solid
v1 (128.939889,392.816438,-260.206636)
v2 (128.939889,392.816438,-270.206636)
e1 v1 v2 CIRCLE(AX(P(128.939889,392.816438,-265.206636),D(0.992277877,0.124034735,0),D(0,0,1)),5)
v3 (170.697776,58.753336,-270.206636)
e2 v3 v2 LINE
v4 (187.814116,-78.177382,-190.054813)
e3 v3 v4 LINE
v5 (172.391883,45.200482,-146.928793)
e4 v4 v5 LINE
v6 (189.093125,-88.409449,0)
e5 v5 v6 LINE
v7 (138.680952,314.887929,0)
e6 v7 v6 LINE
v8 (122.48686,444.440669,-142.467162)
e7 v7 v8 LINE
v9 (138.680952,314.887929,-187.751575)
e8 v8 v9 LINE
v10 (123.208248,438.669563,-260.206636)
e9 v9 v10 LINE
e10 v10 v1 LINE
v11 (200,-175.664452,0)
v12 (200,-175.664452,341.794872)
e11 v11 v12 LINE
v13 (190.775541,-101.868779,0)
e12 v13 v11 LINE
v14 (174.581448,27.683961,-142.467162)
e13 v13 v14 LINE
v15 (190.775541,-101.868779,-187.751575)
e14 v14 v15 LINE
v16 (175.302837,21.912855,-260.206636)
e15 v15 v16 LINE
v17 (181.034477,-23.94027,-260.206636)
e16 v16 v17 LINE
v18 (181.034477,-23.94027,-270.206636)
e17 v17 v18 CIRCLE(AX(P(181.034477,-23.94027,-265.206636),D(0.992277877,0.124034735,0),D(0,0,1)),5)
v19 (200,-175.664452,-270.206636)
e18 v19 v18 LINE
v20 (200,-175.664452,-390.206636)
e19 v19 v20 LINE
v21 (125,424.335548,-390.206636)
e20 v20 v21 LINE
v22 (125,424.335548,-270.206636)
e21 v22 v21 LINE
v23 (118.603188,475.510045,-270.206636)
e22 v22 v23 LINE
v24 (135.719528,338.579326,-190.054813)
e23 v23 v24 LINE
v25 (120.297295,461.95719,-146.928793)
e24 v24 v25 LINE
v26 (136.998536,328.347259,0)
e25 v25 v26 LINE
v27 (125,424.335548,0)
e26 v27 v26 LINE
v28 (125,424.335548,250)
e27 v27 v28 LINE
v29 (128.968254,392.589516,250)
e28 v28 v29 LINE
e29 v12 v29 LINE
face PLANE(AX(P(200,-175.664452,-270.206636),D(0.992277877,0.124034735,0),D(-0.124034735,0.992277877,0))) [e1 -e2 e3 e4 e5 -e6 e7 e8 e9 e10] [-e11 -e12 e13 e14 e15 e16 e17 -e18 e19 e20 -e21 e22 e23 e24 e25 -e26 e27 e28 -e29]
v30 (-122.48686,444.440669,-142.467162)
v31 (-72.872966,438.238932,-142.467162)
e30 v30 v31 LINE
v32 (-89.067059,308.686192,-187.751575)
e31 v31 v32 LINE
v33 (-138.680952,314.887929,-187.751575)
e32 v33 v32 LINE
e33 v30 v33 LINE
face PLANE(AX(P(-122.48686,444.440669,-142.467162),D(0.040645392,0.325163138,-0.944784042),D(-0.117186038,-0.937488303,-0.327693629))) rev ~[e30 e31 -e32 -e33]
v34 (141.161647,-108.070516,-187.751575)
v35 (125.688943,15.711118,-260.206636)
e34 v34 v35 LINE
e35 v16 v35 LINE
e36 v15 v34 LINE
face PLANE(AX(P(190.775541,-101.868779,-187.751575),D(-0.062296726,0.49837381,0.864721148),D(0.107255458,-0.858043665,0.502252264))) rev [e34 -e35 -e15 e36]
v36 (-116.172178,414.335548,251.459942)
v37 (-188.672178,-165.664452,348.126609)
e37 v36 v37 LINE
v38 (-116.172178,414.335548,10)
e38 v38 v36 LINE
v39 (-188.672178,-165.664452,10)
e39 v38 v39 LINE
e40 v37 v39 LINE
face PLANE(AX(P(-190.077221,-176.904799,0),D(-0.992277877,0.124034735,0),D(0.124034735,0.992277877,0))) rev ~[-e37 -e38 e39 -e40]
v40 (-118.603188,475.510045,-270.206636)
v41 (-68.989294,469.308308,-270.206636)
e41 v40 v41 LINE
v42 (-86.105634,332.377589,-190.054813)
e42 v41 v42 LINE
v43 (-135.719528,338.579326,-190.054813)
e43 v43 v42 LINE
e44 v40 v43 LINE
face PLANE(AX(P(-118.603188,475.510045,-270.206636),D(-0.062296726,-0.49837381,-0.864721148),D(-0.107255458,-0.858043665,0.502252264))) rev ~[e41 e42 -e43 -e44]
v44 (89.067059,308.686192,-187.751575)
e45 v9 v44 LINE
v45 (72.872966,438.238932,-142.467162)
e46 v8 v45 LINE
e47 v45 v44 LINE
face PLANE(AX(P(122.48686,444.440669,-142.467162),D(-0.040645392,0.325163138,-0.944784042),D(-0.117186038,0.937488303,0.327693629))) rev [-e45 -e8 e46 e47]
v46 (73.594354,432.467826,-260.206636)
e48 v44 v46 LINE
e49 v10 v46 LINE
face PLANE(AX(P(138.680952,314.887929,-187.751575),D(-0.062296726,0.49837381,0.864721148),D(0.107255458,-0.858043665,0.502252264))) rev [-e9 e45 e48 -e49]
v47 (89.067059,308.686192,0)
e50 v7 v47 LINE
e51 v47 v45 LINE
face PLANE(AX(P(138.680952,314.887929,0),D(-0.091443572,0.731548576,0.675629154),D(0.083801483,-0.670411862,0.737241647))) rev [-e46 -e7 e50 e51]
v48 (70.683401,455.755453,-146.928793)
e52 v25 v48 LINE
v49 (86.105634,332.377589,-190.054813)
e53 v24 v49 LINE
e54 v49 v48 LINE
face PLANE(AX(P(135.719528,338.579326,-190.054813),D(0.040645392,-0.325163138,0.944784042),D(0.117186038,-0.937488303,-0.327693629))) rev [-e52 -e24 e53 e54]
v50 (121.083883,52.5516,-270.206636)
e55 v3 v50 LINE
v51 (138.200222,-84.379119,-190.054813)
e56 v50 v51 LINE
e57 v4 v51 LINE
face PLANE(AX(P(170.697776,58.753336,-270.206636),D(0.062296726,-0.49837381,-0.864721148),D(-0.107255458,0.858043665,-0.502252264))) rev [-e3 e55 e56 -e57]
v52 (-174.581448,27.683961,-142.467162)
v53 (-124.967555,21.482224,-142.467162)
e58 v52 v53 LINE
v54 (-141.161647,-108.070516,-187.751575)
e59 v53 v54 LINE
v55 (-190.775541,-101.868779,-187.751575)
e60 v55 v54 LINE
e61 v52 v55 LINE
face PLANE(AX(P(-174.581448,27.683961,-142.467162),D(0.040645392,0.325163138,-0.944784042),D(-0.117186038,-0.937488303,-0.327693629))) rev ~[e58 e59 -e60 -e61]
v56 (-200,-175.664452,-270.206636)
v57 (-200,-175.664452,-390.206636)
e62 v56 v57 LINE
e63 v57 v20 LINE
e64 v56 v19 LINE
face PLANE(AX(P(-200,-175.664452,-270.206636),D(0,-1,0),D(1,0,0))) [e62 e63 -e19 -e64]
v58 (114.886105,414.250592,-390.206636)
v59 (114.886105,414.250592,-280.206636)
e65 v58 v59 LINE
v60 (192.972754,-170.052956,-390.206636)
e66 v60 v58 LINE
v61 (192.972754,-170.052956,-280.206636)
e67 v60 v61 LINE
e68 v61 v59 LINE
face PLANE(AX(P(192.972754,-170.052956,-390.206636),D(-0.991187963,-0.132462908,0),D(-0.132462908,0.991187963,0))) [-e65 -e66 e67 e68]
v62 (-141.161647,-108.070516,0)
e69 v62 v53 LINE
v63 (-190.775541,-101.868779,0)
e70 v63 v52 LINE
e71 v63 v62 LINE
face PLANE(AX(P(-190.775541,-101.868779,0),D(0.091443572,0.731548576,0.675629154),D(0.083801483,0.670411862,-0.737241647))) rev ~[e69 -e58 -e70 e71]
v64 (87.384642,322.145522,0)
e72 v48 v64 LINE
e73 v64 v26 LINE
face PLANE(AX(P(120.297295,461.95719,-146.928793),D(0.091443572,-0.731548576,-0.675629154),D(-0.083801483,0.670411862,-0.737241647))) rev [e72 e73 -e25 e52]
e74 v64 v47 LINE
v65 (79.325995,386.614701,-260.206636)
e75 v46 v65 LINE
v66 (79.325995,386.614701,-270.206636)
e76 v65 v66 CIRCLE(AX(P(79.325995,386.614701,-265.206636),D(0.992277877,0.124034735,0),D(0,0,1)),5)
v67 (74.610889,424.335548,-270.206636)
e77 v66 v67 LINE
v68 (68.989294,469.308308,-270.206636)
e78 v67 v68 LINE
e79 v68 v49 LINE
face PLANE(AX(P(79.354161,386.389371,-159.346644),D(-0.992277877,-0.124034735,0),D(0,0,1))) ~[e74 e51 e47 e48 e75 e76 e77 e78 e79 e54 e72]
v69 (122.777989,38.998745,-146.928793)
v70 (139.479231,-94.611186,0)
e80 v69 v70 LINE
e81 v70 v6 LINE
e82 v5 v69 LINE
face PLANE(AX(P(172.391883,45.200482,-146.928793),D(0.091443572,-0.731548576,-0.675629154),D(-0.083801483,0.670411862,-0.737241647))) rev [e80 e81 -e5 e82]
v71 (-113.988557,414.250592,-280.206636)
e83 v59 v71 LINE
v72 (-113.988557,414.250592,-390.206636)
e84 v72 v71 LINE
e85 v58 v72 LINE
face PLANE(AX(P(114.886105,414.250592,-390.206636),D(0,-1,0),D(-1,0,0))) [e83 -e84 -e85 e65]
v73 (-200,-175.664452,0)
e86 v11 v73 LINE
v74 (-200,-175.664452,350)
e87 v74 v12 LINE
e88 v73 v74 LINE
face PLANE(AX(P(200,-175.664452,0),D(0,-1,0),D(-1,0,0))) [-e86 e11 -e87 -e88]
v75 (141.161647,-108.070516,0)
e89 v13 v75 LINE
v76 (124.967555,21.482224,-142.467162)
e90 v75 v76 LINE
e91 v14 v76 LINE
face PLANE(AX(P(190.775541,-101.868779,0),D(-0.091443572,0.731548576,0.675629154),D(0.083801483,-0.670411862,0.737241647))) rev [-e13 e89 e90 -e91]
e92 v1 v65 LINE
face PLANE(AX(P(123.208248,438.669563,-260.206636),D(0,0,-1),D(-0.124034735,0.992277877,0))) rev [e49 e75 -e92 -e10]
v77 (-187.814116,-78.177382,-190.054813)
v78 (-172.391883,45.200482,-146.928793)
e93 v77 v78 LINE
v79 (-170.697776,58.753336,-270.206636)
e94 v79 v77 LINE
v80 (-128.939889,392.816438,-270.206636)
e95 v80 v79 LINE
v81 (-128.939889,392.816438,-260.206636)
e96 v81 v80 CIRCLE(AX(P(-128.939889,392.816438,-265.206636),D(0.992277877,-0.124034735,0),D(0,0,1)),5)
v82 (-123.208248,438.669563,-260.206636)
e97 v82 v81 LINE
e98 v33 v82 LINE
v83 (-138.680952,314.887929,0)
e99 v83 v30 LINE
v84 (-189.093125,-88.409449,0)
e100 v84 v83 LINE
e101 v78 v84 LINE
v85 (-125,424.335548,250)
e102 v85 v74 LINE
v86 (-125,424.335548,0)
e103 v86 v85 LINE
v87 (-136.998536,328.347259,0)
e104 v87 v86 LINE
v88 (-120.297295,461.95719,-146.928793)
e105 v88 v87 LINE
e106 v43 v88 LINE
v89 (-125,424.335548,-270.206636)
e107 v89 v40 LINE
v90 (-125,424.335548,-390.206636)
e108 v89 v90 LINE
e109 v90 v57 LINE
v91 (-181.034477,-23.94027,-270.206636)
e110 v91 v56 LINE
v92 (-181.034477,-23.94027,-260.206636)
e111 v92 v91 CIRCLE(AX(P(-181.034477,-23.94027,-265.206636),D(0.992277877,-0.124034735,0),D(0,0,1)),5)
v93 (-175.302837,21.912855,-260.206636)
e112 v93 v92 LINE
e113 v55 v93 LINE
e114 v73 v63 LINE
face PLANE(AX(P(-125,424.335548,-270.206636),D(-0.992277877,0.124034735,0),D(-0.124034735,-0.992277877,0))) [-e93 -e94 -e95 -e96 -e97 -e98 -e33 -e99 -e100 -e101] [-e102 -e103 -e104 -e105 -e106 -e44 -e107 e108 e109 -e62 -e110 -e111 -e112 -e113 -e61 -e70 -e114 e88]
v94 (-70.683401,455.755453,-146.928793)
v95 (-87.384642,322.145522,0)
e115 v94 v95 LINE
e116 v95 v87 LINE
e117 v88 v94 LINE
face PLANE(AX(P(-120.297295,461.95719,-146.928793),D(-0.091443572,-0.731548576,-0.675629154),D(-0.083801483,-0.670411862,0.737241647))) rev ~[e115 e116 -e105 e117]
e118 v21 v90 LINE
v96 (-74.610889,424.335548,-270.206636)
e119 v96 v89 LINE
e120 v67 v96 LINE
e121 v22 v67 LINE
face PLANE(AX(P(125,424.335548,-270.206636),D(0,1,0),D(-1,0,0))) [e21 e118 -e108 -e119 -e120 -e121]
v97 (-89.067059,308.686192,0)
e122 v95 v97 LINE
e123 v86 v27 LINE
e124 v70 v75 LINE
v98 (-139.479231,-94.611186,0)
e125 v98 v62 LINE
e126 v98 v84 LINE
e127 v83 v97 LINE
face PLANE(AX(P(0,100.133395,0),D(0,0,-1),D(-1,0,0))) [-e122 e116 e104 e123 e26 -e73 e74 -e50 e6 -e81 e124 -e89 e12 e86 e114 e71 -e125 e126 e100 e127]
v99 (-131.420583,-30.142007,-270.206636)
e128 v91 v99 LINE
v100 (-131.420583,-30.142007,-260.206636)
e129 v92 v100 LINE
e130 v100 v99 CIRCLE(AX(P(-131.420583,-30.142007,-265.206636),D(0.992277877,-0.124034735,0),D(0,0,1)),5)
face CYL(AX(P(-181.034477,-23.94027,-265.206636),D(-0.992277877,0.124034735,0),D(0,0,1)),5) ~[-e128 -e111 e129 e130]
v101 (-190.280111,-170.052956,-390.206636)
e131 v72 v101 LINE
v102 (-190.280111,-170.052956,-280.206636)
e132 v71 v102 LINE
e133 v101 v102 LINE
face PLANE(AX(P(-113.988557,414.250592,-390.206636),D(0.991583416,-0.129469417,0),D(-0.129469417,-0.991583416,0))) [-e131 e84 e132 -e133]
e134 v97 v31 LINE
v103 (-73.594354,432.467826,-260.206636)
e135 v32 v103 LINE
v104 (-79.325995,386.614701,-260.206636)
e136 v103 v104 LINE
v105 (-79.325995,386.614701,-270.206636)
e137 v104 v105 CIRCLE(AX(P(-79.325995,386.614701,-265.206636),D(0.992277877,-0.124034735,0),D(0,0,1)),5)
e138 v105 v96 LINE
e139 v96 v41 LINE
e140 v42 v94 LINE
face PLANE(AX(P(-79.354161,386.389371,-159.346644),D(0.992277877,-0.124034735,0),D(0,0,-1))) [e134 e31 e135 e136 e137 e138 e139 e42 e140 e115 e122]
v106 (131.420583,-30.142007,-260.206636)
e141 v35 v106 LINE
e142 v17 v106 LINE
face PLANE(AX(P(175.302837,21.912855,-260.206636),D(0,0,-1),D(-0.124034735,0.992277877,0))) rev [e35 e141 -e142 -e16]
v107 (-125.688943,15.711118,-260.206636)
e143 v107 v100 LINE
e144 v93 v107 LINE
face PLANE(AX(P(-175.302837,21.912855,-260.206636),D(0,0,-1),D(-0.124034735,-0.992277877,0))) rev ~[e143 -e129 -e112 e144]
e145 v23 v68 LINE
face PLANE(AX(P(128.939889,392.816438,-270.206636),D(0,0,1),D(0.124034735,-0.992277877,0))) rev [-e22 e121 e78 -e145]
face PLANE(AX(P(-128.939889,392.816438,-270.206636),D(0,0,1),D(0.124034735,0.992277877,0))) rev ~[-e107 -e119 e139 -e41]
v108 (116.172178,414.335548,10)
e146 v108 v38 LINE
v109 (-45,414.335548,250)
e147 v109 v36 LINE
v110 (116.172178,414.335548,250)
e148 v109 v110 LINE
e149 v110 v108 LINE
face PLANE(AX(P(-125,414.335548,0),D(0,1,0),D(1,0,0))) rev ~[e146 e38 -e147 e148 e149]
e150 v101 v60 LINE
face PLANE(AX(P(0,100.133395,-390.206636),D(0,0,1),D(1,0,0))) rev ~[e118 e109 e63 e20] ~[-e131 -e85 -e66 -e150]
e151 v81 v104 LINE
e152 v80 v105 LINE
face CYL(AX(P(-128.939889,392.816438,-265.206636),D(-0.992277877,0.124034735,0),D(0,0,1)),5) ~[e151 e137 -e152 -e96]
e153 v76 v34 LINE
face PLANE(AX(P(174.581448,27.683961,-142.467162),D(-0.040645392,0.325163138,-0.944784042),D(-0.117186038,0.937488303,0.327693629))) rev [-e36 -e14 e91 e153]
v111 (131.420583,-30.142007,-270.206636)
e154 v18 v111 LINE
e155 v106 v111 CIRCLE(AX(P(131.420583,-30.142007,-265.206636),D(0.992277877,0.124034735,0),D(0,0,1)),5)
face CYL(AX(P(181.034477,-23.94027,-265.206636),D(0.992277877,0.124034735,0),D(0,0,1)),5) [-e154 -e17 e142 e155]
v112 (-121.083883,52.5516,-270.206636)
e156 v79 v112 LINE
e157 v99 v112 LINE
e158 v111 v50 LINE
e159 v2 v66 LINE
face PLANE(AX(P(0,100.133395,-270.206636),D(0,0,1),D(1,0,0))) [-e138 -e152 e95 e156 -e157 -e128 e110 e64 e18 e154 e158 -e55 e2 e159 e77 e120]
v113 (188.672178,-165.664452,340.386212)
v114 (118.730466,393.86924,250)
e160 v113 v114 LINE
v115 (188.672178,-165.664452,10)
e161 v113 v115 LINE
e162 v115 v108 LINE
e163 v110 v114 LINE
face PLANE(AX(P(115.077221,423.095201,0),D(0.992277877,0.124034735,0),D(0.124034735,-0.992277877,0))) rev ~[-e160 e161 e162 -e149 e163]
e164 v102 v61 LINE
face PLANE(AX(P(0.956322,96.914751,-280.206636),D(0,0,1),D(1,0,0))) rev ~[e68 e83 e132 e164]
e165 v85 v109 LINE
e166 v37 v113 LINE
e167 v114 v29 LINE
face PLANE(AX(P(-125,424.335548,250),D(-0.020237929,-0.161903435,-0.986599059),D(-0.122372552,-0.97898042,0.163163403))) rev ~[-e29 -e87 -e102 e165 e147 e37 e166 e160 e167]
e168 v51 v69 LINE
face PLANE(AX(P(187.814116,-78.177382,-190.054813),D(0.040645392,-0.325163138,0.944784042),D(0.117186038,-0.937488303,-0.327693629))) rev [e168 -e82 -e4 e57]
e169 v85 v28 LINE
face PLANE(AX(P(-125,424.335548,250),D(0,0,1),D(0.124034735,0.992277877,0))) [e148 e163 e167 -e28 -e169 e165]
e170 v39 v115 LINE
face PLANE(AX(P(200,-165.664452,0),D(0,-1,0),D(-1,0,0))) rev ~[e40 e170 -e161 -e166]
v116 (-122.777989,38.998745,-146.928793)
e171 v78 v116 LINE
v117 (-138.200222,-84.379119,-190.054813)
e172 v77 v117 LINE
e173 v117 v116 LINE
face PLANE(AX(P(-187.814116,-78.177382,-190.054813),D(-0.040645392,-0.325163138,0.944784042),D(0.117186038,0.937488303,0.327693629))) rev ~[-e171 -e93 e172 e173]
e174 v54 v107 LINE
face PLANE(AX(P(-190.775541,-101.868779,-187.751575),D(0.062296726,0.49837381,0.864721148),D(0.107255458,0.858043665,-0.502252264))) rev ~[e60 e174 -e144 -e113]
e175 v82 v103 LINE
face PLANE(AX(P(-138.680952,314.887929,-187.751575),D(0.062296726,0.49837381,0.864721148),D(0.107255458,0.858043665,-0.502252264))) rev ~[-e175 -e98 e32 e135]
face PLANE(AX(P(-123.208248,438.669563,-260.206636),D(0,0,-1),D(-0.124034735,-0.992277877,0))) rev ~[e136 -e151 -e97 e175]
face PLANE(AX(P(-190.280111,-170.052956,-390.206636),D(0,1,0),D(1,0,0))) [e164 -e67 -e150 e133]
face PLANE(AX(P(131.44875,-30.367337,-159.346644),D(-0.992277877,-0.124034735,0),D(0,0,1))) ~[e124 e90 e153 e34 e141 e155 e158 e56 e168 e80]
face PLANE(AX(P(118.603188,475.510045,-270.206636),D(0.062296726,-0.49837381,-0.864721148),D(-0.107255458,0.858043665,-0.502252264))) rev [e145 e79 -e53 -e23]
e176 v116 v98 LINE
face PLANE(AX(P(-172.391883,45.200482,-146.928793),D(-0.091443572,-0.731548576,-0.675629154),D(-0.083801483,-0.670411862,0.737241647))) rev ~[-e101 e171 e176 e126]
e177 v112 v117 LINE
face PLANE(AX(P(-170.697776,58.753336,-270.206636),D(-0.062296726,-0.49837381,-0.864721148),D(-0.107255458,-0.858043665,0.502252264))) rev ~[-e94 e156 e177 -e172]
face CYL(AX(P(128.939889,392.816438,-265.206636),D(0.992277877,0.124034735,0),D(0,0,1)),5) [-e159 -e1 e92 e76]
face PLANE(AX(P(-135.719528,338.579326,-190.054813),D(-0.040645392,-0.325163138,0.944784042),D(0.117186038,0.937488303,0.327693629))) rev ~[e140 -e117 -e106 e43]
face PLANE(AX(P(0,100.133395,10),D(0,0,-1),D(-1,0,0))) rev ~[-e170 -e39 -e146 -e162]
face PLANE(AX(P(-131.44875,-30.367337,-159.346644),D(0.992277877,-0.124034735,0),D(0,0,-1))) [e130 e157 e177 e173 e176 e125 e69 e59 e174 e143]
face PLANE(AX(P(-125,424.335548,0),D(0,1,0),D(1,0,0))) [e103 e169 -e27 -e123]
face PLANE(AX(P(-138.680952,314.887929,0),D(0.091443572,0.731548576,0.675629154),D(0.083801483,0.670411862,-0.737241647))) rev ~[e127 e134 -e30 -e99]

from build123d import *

# Parameters (mm, degrees)
BOSS_EXTRUDE1_DEPTH = 350
SHELL1_T            = -10
CUT_EXTRUDE1_DEPTH  = 436
SKETCH3_W           = 259.761046689
SKETCH3_H           = 96.41009556
CUT_EXTRUDE2_DEPTH  = 653.147409369
BOSS_EXTRUDE2_DEPTH = 50
BOSS_EXTRUDE3_DEPTH = 120
CUT_EXTRUDE3_DEPTH  = 110


with BuildPart() as part:
    # Sketch1 → Boss-Extrude1 (new body)
    with BuildSketch(Plane.XY):
        Polygon((-125, 424.335548173), (125, 424.335548173), (200, -175.664451827), (-200, -175.664451827), align=None)
    extrude(amount=BOSS_EXTRUDE1_DEPTH)

    # Shell1
    shell1_openings = [part.faces().sort_by_distance(p)[0] for p in [
        (0, 101.258625096, 350),
    ]]
    offset(amount=SHELL1_T, openings=shell1_openings, kind=Kind.INTERSECTION)

    # Sketch2 → Cut-Extrude1 (cut)
    with BuildSketch(Plane(origin=(-175.302836698, 21.912854587, 0), x_dir=(0, 0, 1), z_dir=(-0.9922778767136677, 0.12403473458920852, 0))):
        Polygon((250, 405.554434931), (350, -199.114896191), (350, 405.554434931), align=None)
    extrude(amount=-CUT_EXTRUDE1_DEPTH, mode=Mode.SUBTRACT)

    # Sketch3 → Cut-Extrude2 (cut, through all)
    with BuildSketch(Plane(origin=(-175.302836698, 21.912854587, 0), x_dir=(0, 0, 1), z_dir=(-0.9922778767136677, 0.12403473458920852, 0))):
        with Locations((379.880523345, 453.759482711)):
            Rectangle(SKETCH3_W, SKETCH3_H)
    extrude(amount=-CUT_EXTRUDE2_DEPTH, mode=Mode.SUBTRACT)

    # Sketch5 → Boss-Extrude2 (add)
    with BuildSketch(Plane(origin=(-175.302836698, 21.912854587, 0), x_dir=(0, 0, 1), z_dir=(-0.9922778767136677, 0.12403473458920852, 0))):
        with BuildLine():
            Line((0, -124.744929756), (-142.467162168, 5.816018008))
            Line((-142.467162168, 5.816018008), (-187.751575152, -124.744929756))
            Line((-187.751575152, -124.744929756), (-260.206635925, 0))
            Line((-260.206635925, 0), (-260.206635925, -46.209963839))
            ThreePointArc((-260.206635925, -46.209963839), (-265.206635925, -51.209963839), (-270.206635925, -46.209963839))
            Line((-270.206635925, -46.209963839), (-270.206635925, 37.127182563))
            Line((-270.206635925, 37.127182563), (-190.054813406, -100.869161145))
            Line((-190.054813406, -100.869161145), (-146.928792702, 23.468856407))
            Line((-146.928792702, 23.468856407), (6.756291537, -117.372513282))
            ThreePointArc((6.756291537, -117.372513282), (7.064354006, -124.436867288), (0, -124.744929756))
        make_face()
        with BuildLine():
            Line((0, 295.255070244), (-142.467162168, 425.816018008))
            Line((-142.467162168, 425.816018008), (-187.751575152, 295.255070244))
            Line((-187.751575152, 295.255070244), (-260.206635925, 420))
            Line((-260.206635925, 420), (-260.206635925, 373.790036161))
            ThreePointArc((-260.206635925, 373.790036161), (-265.206635925, 368.790036161), (-270.206635925, 373.790036161))
            Line((-270.206635925, 373.790036161), (-270.206635925, 457.127182563))
            Line((-270.206635925, 457.127182563), (-190.054813406, 319.130838855))
            Line((-190.054813406, 319.130838855), (-146.928792702, 443.468856407))
            Line((-146.928792702, 443.468856407), (6.756291537, 302.627486718))
            ThreePointArc((6.756291537, 302.627486718), (7.064354006, 295.563132712), (0, 295.255070244))
        make_face()
    boss_extrude2 = extrude(amount=-BOSS_EXTRUDE2_DEPTH)

    # Mirror1: Boss-Extrude2 across plane
    add(boss_extrude2.mirror(Plane(origin=(0, 0, 0), x_dir=(0, 0, 1), z_dir=(1, 0, 0))))

    # Sketch6 → Boss-Extrude3 (add)
    with BuildSketch(Plane(origin=(0, 0, -270.206635925), x_dir=(-1, 0, 0), z_dir=(0, 0, -1))):
        Polygon((-200, -175.664451827), (-125, 424.335548173), (125, 424.335548173), (200, -175.664451827), align=None)
    extrude(amount=BOSS_EXTRUDE3_DEPTH)

    # Sketch7 → Cut-Extrude3 (cut)
    with BuildSketch(Plane(origin=(0, 0, -390.206635925), x_dir=(-1, 0, 0), z_dir=(0, 0, -1))):
        Polygon((-192.972753686, -170.052955611), (-114.88610452, 414.250591596), (113.988556829, 414.250591596), (190.280110611, -170.052955611), align=None)
    extrude(amount=-CUT_EXTRUDE3_DEPTH, mode=Mode.SUBTRACT)


solid = part.part
